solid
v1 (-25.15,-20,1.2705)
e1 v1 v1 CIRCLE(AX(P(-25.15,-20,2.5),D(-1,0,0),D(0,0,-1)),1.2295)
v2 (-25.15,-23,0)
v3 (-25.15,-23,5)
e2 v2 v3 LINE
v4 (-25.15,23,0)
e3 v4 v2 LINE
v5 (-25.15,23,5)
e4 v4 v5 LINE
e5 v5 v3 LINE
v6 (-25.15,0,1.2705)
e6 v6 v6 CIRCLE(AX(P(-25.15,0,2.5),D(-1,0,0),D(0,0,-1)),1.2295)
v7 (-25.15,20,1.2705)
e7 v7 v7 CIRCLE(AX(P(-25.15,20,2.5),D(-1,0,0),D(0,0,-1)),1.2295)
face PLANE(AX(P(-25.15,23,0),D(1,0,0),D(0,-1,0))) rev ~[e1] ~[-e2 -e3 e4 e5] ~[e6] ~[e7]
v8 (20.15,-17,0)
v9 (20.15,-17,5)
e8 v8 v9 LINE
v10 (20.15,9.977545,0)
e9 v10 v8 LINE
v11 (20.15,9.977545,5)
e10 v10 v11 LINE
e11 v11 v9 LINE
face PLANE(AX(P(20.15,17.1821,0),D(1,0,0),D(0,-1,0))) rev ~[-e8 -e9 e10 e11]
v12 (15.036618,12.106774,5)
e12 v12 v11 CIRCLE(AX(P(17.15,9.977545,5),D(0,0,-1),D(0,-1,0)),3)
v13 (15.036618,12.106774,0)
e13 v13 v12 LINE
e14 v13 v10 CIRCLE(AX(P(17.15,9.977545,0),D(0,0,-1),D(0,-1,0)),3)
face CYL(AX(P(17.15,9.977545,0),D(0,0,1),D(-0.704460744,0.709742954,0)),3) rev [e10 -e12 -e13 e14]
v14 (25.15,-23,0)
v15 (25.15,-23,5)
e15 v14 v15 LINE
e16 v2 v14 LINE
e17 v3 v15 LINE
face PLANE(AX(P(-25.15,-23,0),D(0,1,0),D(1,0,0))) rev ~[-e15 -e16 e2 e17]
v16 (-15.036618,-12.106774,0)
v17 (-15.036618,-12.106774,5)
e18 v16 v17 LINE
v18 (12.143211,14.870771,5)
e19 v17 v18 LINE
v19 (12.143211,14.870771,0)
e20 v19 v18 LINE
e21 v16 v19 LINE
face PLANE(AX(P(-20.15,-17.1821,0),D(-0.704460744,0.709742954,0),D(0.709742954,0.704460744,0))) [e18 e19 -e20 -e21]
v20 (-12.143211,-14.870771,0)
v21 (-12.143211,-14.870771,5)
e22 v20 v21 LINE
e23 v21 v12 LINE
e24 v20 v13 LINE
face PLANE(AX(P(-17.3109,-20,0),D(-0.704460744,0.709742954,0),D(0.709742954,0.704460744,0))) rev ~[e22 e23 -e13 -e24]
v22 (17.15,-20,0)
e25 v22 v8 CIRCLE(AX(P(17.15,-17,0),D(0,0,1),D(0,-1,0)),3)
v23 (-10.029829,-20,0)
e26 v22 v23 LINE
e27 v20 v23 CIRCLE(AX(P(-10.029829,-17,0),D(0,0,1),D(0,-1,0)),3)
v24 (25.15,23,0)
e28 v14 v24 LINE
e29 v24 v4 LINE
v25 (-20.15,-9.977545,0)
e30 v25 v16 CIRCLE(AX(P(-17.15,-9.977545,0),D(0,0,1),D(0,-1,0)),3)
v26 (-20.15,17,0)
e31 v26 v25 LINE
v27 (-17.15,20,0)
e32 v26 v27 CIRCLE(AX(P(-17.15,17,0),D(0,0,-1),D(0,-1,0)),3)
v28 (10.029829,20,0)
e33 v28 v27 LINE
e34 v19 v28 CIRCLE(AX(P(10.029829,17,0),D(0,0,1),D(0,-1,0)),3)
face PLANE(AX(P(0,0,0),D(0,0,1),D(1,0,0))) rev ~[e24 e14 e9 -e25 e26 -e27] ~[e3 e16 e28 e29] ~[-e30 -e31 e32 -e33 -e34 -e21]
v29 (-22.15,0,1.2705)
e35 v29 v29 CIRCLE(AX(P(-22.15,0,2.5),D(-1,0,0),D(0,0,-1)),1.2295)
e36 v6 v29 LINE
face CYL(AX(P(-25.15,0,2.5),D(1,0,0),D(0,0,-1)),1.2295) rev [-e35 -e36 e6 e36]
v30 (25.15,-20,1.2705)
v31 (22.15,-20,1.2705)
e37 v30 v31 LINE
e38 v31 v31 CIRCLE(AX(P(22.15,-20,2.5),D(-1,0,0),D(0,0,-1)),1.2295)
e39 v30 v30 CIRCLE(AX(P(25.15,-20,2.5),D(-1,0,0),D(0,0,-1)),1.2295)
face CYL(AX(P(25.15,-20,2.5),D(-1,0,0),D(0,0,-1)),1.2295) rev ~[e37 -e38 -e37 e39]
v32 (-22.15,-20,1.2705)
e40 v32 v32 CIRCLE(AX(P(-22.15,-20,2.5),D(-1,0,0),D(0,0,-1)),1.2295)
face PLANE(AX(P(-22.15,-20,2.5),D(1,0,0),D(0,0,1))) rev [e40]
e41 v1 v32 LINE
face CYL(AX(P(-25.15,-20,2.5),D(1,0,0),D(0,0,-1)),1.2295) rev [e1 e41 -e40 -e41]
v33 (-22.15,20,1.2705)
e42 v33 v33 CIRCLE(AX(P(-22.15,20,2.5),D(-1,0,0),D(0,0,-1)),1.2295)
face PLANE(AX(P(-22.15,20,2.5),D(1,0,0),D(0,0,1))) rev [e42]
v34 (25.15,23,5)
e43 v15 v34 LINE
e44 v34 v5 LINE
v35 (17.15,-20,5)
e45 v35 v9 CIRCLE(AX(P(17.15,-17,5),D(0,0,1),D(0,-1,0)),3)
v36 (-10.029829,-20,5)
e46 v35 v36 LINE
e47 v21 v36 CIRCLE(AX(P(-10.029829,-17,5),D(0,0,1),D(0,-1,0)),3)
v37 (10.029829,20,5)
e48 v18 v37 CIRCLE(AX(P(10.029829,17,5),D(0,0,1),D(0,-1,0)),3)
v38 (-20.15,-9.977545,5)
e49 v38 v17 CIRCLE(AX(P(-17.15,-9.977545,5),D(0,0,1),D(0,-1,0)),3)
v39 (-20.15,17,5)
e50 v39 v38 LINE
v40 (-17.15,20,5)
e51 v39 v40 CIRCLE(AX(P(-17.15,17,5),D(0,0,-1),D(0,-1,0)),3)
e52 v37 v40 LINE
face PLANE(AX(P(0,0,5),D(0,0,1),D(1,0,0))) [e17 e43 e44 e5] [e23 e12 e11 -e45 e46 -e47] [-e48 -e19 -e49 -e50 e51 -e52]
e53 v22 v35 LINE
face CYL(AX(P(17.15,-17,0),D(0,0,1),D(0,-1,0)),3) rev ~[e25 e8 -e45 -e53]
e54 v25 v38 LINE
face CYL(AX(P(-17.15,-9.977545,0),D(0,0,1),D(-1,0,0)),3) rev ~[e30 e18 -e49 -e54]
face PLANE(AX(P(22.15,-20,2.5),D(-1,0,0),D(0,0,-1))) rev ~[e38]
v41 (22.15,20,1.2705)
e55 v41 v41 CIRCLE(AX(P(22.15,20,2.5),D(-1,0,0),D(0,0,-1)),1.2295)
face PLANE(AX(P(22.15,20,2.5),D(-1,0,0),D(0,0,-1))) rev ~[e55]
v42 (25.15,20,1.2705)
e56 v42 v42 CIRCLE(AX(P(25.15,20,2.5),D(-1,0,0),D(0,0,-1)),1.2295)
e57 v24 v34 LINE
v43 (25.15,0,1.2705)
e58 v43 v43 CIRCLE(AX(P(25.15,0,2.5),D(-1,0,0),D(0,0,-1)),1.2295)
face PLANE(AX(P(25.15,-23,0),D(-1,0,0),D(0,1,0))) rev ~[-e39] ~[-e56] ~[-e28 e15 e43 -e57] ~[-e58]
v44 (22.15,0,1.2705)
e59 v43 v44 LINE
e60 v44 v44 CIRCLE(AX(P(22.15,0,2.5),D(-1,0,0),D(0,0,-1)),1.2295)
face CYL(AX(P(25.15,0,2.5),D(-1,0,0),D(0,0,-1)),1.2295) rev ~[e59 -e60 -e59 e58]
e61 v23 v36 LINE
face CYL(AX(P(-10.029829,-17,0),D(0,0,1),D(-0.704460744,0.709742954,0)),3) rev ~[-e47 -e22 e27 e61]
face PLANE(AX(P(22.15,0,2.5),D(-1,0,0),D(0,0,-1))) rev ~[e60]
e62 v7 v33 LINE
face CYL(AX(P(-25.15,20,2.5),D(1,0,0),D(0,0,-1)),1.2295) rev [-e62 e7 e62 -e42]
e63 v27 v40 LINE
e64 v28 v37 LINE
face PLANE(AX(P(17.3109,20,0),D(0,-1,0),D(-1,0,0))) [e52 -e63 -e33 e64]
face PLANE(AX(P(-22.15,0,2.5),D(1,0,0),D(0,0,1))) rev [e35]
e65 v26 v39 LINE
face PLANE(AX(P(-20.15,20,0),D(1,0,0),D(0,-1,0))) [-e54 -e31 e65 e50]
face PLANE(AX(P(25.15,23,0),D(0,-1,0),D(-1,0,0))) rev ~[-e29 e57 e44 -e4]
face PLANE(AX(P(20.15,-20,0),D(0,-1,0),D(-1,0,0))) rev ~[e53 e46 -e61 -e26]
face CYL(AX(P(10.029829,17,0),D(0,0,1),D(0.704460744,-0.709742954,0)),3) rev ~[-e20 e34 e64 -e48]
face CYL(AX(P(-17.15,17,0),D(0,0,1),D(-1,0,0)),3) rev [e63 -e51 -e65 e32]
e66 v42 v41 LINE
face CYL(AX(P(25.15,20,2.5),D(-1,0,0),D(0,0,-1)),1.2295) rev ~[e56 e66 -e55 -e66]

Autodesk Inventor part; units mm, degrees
ref_plane "YZ Plane" through (0, 0, 0) normal (1, 0, 0) x (0, 1, 0)
ref_plane "XZ Plane" through (0, 0, 0) normal (0, 1, 0) x (-1, 0, 0)
ref_plane "XY Plane" through (0, 0, 0) normal (0, 0, 1) x (1, 0, 0)
sketch "スケッチ1" plane through (0, 0, 0) normal (0, 0, 1) x (1, 0, 0)
  line L0 (-25.15, -23) -> (25.15, -23)
  line L1 (25.15, -23) -> (25.15, 23)
  line L2 (25.15, 23) -> (-25.15, 23)
  line L3 (-25.15, 23) -> (-25.15, -23)
  line L4 (-25.15, -23) -> (25.15, 23) construction
  line L5 (25.15, -23) -> (-25.15, 23) construction
  line L6 (-25.15, 20) -> (25.15, 20) construction
  line L7 (-25.15, -20) -> (25.15, -20) construction
  line L8 (-25.15, 20) -> (-25.15, -20) construction
  line L9 (-20.15, 20) -> (-20.15, -17.1821)
  line L10 (-20.15, -17.1821) -> (17.3109, 20)
  line L11 (17.3109, 20) -> (-20.15, 20)
  line L12 (-20.15, -20) -> (20.15, -20) construction
  line L13 (20.15, -20) -> (20.15, 20) construction
  line L14 (20.15, 20) -> (-20.15, 20) construction
  line L15 (-20.15, 20) -> (-20.15, -20) construction
  line L16 (-20.15, -20) -> (20.15, 20) construction
  line L17 (20.15, -20) -> (-20.15, 20) construction
  line L18 (20.15, 17.1821) -> (20.15, -20)
  line L19 (20.15, -20) -> (-17.3109, -20)
  line L20 (-17.3109, -20) -> (20.15, 17.1821)
  point P0 (0, 0)
  point P1 (-25.15, 0)
  point P2 (0, 0)
  dimension "d1" = 50.3
  dimension "d3" = 40
  dimension "d5" = 3
  dimension "d9" = 5
  dimension "d16" = 3
  dimension "d17" = 2
extrude "押し出し1" add sketch "スケッチ1" along normal blind 5
fillet "フィレット1" radius 3 6 edges at (-20.15, -17.1821, 2.5) (-17.3109, -20, 2.5) (-20.15, 20, 2.5) (17.3109, 20, 2.5) (20.15, 17.1821, 2.5) (20.15, -20, 2.5)
sketch "スケッチ2" plane through (25.15, -23, 0) normal (1, 0, 0) x (0, 0, -1)
  line L0 (0, 46) -> (-5, 46) projected
  line L1 (-5, 0) -> (-5, 46) projected
  point P0 (0, 23)
  point P1 (-2.5, 3)
  point P2 (-2.5, 43)
  point P3 (-2.5, 23)
  point P4 (-2.5, 46)
  point P5 (-5, 23)
  dimension "d21" = 40
  dimension "d22" = 20
hole "穴1" at (25.15, -20, 2.5) at (25.15, 20, 2.5) at (25.15, 0, 2.5) direction (-1, 0, 0) diameter 2.459 depth 3 thread size "M3x0.5" class "6H" standard "ISO Metric profile"
mirror "ミラー1" about plane through (0, 0, 0) normal (1, 0, 0) of "穴1"
equation "\"d3\" = d13"
equation "\"d21\" = d3"
equation "\"d22\" = 0.5 * d21"
equation "\"d13\" = 40"
properties part number "リンク_ふともも_サブフレーム_1_1(予備案)" material "アルミニウム 2014-T4"
